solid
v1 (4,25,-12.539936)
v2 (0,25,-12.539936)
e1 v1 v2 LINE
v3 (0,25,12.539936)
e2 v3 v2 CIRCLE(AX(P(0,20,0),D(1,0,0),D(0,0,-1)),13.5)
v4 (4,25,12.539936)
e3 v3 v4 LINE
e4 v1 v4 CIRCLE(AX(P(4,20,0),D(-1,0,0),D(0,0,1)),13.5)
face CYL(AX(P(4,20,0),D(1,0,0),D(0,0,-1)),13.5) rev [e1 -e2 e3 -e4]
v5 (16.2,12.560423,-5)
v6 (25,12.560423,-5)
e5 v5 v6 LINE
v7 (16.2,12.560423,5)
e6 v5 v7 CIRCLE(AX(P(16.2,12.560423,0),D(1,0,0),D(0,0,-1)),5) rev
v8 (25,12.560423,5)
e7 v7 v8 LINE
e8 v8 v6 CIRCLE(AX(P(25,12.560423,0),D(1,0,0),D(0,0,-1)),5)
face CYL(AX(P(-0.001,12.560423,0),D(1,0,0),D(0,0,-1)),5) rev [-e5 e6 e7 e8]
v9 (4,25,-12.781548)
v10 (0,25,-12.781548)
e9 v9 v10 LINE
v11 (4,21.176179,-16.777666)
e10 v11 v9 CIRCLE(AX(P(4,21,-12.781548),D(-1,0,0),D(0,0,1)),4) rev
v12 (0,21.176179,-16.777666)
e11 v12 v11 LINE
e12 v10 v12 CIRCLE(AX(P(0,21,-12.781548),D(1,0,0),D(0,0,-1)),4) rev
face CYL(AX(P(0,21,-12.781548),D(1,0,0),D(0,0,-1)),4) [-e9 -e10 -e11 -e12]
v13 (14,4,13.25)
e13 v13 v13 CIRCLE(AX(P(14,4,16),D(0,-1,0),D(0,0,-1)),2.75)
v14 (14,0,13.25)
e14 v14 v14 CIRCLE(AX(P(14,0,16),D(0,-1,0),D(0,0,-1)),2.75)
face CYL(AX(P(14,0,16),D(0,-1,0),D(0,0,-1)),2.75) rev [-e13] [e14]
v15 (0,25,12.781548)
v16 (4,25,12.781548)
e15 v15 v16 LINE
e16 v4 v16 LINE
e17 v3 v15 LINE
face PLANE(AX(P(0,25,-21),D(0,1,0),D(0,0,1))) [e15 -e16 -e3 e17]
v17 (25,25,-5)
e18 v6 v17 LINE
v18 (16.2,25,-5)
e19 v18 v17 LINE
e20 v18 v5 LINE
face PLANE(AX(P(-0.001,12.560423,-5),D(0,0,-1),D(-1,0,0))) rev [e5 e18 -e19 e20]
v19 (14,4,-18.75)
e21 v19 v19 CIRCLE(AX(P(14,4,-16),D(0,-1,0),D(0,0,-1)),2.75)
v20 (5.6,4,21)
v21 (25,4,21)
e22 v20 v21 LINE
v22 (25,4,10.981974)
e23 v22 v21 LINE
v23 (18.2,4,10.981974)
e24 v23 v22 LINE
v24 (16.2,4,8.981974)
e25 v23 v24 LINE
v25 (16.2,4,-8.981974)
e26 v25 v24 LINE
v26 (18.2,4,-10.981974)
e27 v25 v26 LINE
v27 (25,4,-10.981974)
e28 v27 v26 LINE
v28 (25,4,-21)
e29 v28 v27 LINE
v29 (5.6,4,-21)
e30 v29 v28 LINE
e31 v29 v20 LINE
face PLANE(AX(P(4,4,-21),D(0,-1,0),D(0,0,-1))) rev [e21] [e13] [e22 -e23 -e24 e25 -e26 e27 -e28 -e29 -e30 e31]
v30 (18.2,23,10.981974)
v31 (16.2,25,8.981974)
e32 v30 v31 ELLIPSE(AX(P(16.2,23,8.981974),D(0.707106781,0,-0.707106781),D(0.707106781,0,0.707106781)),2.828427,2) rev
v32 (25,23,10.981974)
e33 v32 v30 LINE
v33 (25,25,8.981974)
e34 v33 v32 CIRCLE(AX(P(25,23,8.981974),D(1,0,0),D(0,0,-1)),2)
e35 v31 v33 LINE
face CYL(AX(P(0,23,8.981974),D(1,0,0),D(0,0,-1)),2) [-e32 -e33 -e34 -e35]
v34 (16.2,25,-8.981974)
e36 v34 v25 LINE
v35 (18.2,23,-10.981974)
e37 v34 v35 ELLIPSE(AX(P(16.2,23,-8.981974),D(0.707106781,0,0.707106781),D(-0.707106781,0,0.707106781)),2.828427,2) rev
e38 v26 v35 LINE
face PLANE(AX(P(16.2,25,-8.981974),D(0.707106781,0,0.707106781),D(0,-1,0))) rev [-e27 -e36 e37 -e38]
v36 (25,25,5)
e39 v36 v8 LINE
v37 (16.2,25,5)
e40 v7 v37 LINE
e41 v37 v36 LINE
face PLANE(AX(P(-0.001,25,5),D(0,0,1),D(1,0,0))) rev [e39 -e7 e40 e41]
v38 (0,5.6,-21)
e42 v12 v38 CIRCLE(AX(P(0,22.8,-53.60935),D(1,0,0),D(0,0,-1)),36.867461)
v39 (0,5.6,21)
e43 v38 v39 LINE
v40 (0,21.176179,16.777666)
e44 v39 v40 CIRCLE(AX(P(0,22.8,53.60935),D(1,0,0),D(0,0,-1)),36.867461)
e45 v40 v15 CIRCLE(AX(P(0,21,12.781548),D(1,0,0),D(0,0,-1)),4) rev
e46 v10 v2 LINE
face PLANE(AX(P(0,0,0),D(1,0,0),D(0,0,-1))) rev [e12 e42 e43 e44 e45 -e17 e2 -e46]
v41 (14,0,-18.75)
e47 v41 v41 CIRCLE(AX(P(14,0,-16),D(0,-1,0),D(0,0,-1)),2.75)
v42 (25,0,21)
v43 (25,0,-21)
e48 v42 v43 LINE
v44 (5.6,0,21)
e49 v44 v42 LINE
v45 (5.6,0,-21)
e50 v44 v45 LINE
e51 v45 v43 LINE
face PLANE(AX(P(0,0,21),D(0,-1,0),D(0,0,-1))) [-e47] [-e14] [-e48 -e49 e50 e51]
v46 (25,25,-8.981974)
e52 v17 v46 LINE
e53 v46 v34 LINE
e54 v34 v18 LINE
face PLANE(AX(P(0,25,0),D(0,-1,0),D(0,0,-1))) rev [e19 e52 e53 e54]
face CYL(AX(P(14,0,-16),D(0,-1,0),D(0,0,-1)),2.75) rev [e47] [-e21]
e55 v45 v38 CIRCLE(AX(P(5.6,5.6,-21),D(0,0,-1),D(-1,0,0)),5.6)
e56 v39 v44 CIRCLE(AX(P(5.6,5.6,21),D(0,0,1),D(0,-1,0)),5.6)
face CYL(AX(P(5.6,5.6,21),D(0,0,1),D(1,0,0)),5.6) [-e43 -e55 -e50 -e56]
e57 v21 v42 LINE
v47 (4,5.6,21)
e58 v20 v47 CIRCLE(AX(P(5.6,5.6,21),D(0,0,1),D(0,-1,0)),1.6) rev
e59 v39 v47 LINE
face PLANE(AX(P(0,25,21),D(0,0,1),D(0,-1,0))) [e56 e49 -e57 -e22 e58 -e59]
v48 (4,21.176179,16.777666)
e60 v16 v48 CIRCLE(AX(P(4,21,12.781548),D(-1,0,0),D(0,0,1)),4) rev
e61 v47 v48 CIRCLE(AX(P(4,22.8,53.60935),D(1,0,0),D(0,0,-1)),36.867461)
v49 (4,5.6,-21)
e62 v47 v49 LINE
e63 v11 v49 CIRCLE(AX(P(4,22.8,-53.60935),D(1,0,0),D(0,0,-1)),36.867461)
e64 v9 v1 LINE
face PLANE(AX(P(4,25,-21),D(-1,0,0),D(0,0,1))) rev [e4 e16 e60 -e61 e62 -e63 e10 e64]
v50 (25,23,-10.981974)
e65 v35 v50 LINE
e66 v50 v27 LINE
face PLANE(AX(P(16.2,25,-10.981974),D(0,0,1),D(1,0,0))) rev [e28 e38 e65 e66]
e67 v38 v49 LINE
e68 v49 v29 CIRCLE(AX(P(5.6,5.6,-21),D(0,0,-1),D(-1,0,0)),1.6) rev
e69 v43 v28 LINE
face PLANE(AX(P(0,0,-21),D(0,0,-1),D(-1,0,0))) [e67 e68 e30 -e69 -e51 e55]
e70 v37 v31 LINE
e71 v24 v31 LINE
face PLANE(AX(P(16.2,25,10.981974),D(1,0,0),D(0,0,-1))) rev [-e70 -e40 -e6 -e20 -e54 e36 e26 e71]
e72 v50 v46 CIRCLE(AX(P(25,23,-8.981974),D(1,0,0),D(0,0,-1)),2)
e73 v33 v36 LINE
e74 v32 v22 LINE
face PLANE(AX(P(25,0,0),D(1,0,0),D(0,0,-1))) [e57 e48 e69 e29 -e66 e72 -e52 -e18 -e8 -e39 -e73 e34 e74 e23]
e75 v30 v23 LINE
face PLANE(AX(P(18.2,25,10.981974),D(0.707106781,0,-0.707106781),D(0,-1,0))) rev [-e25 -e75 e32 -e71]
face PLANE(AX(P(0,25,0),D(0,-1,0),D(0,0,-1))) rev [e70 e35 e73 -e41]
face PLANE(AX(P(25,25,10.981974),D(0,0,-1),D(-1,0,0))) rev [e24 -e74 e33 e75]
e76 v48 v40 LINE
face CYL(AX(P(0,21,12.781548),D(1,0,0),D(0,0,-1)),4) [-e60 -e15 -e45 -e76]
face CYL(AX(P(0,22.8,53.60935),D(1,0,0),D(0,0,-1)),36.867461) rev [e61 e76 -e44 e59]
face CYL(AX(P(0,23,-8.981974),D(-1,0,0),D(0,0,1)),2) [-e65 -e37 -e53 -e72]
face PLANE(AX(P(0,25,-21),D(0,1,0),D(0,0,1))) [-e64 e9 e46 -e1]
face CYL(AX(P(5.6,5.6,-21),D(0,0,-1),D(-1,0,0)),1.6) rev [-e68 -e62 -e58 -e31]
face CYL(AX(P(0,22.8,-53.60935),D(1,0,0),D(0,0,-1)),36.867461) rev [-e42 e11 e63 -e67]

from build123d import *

# Parameters (mm, degrees)
SKIZZE1_W                            = 42
SKIZZE1_H                            = 25
AUFSATZ_LINEAR_AUSTRAGEN1_DEPTH      = 25
SKIZZE2_W                            = 21
SKIZZE2_H                            = 21
SCHNITT_LINEAR_AUSTRAGEN1_DEPTH      = 43
SCHNITT_LINEAR_AUSTRAGEN2_DEPTH      = 5
SKIZZE4_W                            = 8.8
SKIZZE4_H                            = 21.963947762
AUFSATZ_LINEAR_AUSTRAGEN2_DEPTH      = 21
SCHNITT_LINEAR_AUSTRAGEN3_REACH      = 27
SCHNITT_LINEAR_AUSTRAGEN4_DEPTH      = 5
DURCHGANGSLOCH_F_R_M241_D            = 27
DURCHGANGSLOCH_F_R_M241_DEPTH        = 4
F_5_5_5_5_DURCHMESSER_BOHRUNG1_D     = 5.5
F_5_5_5_5_DURCHMESSER_BOHRUNG1_DEPTH = 25
FASE1_SIZE                           = 2
VERRUNDUNG1_R                        = 1.6
VERRUNDUNG2_R                        = 2
VERRUNDUNG3_R                        = 4
VERRUNDUNG4_R                        = 5.6


with BuildPart() as part:
    # Skizze1 → Aufsatz-Linear austragen1 (new body)
    with BuildSketch(Plane(origin=(25, 0, 0), x_dir=(0, 0, -1), z_dir=(1, 0, 0))):
        with Locations((0, 12.5)):
            Rectangle(SKIZZE1_W, SKIZZE1_H)
    extrude(amount=-AUFSATZ_LINEAR_AUSTRAGEN1_DEPTH)

    # Skizze2 → Schnitt-Linear austragen1 (cut, through all)
    with BuildSketch(Plane.XY.offset(21)):
        with Locations((14.5, 14.5)):
            Rectangle(SKIZZE2_W, SKIZZE2_H)
    extrude(amount=-SCHNITT_LINEAR_AUSTRAGEN1_DEPTH, mode=Mode.SUBTRACT)

    # Skizze3 → Schnitt-Linear austragen2 (cut, through all)
    with BuildSketch(Plane(origin=(4, 0, 0), x_dir=(0, 0, -1), z_dir=(1, 0, 0))):
        with BuildLine():
            Line((-21, 25), (-21, 5.6))
            ThreePointArc((-21, 5.6), (-17.5737339, 15.012569088), (-16.807587704, 25))
            Line((-16.807587704, 25), (-21, 25))
        make_face()
    extrude(amount=-SCHNITT_LINEAR_AUSTRAGEN2_DEPTH, mode=Mode.SUBTRACT)

    # Skizze4 → Aufsatz-Linear austragen2 (add)
    with BuildSketch(Plane(origin=(0, 4, 0), x_dir=(-1, 0, 0), z_dir=(0, 1, 0))):
        with Locations((-20.6, 0)):
            Rectangle(SKIZZE4_W, SKIZZE4_H)
    extrude(amount=AUFSATZ_LINEAR_AUSTRAGEN2_DEPTH)

    # Skizze5 → Schnitt-Linear austragen3 (cut, up to next)
    with BuildSketch(Plane(origin=(25, 0, 0), x_dir=(0, 0, -1), z_dir=(1, 0, 0)), mode=Mode.PRIVATE) as schnitt_linear_austragen3_sk1:
        with BuildLine():
            Line((5, 25), (-5, 25))
            Line((-5, 25), (-5, 12.560423389))
            ThreePointArc((-5, 12.560423389), (0, 7.560423389), (5, 12.560423389))
            Line((5, 12.560423389), (5, 25))
        make_face()
    schnitt_linear_austragen3_tool1 = extrude(schnitt_linear_austragen3_sk1.sketch, amount=-SCHNITT_LINEAR_AUSTRAGEN3_REACH, mode=Mode.PRIVATE) & part.part
    add(schnitt_linear_austragen3_tool1.solids().sort_by_distance((25, 16.778669, 0))[0], mode=Mode.SUBTRACT)

    # Skizze6 → Schnitt-Linear austragen4 (cut, through all)
    with BuildSketch(Plane(origin=(4, 0, 0), x_dir=(0, 0, -1), z_dir=(1, 0, 0))):
        with BuildLine():
            Line((21, 25), (16.807587704, 25))
            ThreePointArc((16.807587704, 25), (17.5737339, 15.012569088), (21, 5.6))
            Line((21, 5.6), (21, 25))
        make_face()
    extrude(amount=-SCHNITT_LINEAR_AUSTRAGEN4_DEPTH, mode=Mode.SUBTRACT)

    # Durchgangsloch für M241
    with Locations(Plane(origin=(4, 0, 0), x_dir=(0, 0, -1), z_dir=(1, 0, 0))):
        with Locations((0, 20)):
            Hole(DURCHGANGSLOCH_F_R_M241_D / 2, depth=DURCHGANGSLOCH_F_R_M241_DEPTH)

    # Ø5.5 (5.5) Durchmesser Bohrung1
    with Locations(Plane(origin=(0, 0, 0), x_dir=(-1, 0, 0), z_dir=(0, -1, 0))):
        with Locations((-14, -16), (-14, 16)):
            Hole(F_5_5_5_5_DURCHMESSER_BOHRUNG1_D / 2, depth=F_5_5_5_5_DURCHMESSER_BOHRUNG1_DEPTH)

    # Fase1
    fase1_edges = [part.edges().sort_by_distance(p)[0] for p in [
        (16.2, 14.5, -10.981973881),
        (16.2, 14.5, 10.981973881),
    ]]
    chamfer(fase1_edges, length=FASE1_SIZE)

    # Verrundung1
    verrundung1_edges = [part.edges().sort_by_distance(p)[0] for p in [
        (4, 4, 0),
    ]]
    fillet(verrundung1_edges, radius=VERRUNDUNG1_R)

    # Verrundung2
    verrundung2_edges = [part.edges().sort_by_distance(p)[0] for p in [
        (21.6, 25, 10.981973881),
        (21.6, 25, -10.981973881),
    ]]
    fillet(verrundung2_edges, radius=VERRUNDUNG2_R)

    # Verrundung3
    verrundung3_edges = [part.edges().sort_by_distance(p)[0] for p in [
        (2, 25, 16.807587704),
        (2, 25, -16.807587704),
    ]]
    fillet(verrundung3_edges, radius=VERRUNDUNG3_R)

    # Verrundung4
    verrundung4_edges = [part.edges().sort_by_distance(p)[0] for p in [
        (0, 0, 0),
    ]]
    fillet(verrundung4_edges, radius=VERRUNDUNG4_R)


solid = part.part
